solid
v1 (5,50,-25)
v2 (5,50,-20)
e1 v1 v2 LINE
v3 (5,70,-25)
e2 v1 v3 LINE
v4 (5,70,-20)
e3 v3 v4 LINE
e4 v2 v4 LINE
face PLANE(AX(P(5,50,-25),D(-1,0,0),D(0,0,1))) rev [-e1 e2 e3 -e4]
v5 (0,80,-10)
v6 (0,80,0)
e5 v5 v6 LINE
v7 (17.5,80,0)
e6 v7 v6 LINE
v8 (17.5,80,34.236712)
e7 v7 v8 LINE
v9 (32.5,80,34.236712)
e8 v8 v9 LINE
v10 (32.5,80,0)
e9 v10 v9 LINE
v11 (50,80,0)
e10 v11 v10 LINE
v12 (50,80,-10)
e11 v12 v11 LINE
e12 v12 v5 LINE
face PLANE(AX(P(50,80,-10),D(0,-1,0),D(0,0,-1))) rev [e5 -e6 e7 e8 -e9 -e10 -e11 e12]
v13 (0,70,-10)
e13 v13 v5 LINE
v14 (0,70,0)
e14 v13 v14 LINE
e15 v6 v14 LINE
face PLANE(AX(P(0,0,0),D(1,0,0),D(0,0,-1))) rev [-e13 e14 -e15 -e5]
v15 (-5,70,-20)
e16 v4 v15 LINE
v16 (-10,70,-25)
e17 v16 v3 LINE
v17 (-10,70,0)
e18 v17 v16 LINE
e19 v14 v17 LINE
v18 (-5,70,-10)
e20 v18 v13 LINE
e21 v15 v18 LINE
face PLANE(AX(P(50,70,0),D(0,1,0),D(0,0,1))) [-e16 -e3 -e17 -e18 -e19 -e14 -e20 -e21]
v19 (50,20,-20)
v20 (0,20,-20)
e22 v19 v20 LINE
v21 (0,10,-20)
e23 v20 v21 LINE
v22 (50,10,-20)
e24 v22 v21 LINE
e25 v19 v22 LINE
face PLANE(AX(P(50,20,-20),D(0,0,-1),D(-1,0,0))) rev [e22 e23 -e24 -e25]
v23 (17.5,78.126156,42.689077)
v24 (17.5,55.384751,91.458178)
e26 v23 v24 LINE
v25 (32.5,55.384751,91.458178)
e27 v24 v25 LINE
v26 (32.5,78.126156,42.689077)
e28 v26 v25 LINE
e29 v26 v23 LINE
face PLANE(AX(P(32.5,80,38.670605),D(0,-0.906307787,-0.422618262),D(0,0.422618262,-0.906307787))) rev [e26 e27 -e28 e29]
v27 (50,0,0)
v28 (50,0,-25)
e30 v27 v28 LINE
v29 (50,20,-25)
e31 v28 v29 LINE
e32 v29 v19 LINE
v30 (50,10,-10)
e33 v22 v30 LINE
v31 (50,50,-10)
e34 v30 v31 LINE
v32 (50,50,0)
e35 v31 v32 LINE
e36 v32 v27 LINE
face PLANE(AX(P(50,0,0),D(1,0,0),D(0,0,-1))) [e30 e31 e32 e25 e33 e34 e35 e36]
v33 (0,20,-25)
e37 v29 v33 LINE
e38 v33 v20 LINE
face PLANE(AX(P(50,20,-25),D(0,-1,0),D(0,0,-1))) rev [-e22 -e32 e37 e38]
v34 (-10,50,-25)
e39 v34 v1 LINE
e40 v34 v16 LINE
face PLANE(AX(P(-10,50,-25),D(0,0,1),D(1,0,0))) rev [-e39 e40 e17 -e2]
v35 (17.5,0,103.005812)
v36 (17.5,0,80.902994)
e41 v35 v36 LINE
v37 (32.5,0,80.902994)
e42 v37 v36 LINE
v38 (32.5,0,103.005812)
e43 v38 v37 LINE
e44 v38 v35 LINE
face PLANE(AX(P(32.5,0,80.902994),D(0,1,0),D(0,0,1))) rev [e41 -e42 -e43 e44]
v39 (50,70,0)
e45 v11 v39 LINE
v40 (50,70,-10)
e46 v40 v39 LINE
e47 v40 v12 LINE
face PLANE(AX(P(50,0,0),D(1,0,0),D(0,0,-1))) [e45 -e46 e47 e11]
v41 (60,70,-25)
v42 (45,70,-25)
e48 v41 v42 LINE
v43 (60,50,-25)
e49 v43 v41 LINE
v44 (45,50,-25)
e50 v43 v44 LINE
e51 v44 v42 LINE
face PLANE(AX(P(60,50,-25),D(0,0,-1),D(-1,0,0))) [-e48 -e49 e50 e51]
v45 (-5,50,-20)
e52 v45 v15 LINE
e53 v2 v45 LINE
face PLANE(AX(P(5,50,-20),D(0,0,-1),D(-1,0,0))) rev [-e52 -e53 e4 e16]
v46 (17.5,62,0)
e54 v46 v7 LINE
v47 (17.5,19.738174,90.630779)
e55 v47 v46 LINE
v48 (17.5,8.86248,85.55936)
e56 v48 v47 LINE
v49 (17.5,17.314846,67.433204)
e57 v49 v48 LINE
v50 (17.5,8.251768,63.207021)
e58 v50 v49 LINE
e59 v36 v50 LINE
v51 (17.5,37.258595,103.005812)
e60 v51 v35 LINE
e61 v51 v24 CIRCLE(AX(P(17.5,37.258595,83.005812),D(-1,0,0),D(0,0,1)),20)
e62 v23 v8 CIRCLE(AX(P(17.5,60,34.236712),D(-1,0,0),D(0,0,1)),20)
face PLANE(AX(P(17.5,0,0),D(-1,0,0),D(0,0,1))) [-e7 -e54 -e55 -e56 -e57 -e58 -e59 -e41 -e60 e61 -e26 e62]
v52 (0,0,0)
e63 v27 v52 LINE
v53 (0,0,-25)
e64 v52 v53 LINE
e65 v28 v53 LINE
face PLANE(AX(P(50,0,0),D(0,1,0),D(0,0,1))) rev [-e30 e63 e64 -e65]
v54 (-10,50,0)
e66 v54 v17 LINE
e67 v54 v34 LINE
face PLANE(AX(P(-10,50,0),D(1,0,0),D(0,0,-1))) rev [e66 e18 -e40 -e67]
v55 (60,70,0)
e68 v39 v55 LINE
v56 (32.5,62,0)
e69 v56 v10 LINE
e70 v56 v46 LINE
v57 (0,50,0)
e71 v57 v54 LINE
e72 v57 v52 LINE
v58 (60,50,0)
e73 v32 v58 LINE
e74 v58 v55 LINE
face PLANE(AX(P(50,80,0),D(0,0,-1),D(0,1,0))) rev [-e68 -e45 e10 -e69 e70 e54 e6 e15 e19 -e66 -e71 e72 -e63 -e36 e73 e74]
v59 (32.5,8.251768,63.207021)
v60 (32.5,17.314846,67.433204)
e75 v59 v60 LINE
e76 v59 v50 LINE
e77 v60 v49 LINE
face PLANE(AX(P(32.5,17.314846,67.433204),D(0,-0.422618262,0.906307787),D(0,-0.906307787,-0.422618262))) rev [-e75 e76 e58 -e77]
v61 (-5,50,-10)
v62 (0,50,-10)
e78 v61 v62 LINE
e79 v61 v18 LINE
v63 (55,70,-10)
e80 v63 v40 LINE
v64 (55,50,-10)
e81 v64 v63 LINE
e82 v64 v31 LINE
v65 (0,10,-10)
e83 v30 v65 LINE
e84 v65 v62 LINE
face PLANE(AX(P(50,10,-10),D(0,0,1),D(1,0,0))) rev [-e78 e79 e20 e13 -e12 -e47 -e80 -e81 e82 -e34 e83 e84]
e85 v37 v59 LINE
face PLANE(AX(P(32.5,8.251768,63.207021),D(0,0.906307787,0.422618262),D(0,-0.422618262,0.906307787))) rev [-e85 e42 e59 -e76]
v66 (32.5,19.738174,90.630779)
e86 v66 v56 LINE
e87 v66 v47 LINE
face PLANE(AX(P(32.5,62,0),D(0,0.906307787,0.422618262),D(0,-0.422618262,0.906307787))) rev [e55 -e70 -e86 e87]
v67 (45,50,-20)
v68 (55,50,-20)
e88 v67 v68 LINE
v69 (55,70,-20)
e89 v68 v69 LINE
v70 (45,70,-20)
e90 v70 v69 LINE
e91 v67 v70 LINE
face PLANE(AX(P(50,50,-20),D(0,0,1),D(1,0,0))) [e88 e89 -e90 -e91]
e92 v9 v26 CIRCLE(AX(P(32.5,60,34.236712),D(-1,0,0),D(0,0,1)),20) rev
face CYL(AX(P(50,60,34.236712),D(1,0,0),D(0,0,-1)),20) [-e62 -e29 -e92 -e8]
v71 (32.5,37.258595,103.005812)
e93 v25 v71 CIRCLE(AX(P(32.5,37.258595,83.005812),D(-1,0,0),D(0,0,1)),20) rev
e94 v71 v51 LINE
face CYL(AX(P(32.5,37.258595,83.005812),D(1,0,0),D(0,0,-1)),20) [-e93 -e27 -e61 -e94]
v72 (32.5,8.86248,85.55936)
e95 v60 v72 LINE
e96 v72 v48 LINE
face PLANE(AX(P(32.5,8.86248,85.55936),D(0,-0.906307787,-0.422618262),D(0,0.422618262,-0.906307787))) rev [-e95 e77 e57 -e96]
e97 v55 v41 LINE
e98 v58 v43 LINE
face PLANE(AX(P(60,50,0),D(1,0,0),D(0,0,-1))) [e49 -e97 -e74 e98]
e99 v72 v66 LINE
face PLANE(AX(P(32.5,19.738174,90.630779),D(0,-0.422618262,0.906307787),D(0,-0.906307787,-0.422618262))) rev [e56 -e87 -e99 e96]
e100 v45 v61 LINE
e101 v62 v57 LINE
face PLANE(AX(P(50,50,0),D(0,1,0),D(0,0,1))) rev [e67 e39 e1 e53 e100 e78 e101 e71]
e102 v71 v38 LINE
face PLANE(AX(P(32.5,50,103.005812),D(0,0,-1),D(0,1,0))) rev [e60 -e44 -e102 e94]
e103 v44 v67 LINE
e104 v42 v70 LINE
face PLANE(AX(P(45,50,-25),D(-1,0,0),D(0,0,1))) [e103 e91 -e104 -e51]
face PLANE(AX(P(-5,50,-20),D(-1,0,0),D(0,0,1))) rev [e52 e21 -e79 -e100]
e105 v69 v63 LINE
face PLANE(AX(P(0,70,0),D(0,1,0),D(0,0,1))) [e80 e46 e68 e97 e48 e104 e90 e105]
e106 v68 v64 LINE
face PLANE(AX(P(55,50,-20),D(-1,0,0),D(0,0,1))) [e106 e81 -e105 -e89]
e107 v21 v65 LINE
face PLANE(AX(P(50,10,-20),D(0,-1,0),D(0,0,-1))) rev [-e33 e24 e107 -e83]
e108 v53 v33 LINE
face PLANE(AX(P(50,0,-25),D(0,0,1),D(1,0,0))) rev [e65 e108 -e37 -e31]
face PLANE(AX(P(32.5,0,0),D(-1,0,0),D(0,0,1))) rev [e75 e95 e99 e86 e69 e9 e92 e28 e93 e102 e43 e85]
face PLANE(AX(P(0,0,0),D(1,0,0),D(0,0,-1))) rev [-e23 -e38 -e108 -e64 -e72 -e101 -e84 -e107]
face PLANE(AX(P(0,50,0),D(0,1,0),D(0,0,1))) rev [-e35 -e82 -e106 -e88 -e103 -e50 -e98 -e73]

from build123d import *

# Parameters (mm, degrees)
BOSS_EXTRUDE2_DEPTH = 50
BOSS_EXTRUDE3_DEPTH = 20
BOSS_EXTRUDE4_DEPTH = 7.5
FILLET2_R           = 20
FILLET3_R           = 20


with BuildPart() as part:
    # Sketch2 → Boss-Extrude2 (new body)
    with BuildSketch(Plane(origin=(0, 0, 0), x_dir=(0, 0, -1), z_dir=(1, 0, 0))):
        Polygon((0, 0), (25, 0), (25, 20), (20, 20), (20, 10), (10, 10), (10, 80), (0, 80), align=None)
    extrude(amount=BOSS_EXTRUDE2_DEPTH)

    # Sketch3 → Boss-Extrude3 (add)
    with BuildSketch(Plane(origin=(0, 70, 0), x_dir=(1, 0, 0), z_dir=(0, 1, 0))):
        Polygon((50, 0), (60, 0), (60, 25), (45, 25), (45, 20), (50, 20), (55, 20), (55, 10), (50, 10), align=None)
    boss_extrude3 = extrude(amount=-BOSS_EXTRUDE3_DEPTH)

    # Mirror1: Boss-Extrude3 across plane
    add(boss_extrude3.mirror(Plane(origin=(25, 0, 0), x_dir=(0, 0, 1), z_dir=(1, 0, 0))))

    # Sketch5 → Boss-Extrude4 (add, symmetric)
    with BuildSketch(Plane(origin=(25, 0, 0), x_dir=(0, 0, -1), z_dir=(1, 0, 0))):
        Polygon((0, 80), (-38.670604871, 80), (-103.005812487, 50), (-103.005812487, 0), (-80.902994242, 0), (-63.207021205, 8.251767746), (-67.433203822, 17.314845616), (-85.559359563, 8.862480381), (-90.630778704, 19.738173826), (0, 62), align=None)
    extrude(amount=BOSS_EXTRUDE4_DEPTH, both=True)

    # Fillet2
    fillet2_edges = [part.edges().sort_by_distance(p)[0] for p in [
        (25, 80, 38.670604871),
    ]]
    fillet(fillet2_edges, radius=FILLET2_R)

    # Fillet3
    fillet3_edges = [part.edges().sort_by_distance(p)[0] for p in [
        (25, 50, 103.005812487),
    ]]
    fillet(fillet3_edges, radius=FILLET3_R)


solid = part.part
